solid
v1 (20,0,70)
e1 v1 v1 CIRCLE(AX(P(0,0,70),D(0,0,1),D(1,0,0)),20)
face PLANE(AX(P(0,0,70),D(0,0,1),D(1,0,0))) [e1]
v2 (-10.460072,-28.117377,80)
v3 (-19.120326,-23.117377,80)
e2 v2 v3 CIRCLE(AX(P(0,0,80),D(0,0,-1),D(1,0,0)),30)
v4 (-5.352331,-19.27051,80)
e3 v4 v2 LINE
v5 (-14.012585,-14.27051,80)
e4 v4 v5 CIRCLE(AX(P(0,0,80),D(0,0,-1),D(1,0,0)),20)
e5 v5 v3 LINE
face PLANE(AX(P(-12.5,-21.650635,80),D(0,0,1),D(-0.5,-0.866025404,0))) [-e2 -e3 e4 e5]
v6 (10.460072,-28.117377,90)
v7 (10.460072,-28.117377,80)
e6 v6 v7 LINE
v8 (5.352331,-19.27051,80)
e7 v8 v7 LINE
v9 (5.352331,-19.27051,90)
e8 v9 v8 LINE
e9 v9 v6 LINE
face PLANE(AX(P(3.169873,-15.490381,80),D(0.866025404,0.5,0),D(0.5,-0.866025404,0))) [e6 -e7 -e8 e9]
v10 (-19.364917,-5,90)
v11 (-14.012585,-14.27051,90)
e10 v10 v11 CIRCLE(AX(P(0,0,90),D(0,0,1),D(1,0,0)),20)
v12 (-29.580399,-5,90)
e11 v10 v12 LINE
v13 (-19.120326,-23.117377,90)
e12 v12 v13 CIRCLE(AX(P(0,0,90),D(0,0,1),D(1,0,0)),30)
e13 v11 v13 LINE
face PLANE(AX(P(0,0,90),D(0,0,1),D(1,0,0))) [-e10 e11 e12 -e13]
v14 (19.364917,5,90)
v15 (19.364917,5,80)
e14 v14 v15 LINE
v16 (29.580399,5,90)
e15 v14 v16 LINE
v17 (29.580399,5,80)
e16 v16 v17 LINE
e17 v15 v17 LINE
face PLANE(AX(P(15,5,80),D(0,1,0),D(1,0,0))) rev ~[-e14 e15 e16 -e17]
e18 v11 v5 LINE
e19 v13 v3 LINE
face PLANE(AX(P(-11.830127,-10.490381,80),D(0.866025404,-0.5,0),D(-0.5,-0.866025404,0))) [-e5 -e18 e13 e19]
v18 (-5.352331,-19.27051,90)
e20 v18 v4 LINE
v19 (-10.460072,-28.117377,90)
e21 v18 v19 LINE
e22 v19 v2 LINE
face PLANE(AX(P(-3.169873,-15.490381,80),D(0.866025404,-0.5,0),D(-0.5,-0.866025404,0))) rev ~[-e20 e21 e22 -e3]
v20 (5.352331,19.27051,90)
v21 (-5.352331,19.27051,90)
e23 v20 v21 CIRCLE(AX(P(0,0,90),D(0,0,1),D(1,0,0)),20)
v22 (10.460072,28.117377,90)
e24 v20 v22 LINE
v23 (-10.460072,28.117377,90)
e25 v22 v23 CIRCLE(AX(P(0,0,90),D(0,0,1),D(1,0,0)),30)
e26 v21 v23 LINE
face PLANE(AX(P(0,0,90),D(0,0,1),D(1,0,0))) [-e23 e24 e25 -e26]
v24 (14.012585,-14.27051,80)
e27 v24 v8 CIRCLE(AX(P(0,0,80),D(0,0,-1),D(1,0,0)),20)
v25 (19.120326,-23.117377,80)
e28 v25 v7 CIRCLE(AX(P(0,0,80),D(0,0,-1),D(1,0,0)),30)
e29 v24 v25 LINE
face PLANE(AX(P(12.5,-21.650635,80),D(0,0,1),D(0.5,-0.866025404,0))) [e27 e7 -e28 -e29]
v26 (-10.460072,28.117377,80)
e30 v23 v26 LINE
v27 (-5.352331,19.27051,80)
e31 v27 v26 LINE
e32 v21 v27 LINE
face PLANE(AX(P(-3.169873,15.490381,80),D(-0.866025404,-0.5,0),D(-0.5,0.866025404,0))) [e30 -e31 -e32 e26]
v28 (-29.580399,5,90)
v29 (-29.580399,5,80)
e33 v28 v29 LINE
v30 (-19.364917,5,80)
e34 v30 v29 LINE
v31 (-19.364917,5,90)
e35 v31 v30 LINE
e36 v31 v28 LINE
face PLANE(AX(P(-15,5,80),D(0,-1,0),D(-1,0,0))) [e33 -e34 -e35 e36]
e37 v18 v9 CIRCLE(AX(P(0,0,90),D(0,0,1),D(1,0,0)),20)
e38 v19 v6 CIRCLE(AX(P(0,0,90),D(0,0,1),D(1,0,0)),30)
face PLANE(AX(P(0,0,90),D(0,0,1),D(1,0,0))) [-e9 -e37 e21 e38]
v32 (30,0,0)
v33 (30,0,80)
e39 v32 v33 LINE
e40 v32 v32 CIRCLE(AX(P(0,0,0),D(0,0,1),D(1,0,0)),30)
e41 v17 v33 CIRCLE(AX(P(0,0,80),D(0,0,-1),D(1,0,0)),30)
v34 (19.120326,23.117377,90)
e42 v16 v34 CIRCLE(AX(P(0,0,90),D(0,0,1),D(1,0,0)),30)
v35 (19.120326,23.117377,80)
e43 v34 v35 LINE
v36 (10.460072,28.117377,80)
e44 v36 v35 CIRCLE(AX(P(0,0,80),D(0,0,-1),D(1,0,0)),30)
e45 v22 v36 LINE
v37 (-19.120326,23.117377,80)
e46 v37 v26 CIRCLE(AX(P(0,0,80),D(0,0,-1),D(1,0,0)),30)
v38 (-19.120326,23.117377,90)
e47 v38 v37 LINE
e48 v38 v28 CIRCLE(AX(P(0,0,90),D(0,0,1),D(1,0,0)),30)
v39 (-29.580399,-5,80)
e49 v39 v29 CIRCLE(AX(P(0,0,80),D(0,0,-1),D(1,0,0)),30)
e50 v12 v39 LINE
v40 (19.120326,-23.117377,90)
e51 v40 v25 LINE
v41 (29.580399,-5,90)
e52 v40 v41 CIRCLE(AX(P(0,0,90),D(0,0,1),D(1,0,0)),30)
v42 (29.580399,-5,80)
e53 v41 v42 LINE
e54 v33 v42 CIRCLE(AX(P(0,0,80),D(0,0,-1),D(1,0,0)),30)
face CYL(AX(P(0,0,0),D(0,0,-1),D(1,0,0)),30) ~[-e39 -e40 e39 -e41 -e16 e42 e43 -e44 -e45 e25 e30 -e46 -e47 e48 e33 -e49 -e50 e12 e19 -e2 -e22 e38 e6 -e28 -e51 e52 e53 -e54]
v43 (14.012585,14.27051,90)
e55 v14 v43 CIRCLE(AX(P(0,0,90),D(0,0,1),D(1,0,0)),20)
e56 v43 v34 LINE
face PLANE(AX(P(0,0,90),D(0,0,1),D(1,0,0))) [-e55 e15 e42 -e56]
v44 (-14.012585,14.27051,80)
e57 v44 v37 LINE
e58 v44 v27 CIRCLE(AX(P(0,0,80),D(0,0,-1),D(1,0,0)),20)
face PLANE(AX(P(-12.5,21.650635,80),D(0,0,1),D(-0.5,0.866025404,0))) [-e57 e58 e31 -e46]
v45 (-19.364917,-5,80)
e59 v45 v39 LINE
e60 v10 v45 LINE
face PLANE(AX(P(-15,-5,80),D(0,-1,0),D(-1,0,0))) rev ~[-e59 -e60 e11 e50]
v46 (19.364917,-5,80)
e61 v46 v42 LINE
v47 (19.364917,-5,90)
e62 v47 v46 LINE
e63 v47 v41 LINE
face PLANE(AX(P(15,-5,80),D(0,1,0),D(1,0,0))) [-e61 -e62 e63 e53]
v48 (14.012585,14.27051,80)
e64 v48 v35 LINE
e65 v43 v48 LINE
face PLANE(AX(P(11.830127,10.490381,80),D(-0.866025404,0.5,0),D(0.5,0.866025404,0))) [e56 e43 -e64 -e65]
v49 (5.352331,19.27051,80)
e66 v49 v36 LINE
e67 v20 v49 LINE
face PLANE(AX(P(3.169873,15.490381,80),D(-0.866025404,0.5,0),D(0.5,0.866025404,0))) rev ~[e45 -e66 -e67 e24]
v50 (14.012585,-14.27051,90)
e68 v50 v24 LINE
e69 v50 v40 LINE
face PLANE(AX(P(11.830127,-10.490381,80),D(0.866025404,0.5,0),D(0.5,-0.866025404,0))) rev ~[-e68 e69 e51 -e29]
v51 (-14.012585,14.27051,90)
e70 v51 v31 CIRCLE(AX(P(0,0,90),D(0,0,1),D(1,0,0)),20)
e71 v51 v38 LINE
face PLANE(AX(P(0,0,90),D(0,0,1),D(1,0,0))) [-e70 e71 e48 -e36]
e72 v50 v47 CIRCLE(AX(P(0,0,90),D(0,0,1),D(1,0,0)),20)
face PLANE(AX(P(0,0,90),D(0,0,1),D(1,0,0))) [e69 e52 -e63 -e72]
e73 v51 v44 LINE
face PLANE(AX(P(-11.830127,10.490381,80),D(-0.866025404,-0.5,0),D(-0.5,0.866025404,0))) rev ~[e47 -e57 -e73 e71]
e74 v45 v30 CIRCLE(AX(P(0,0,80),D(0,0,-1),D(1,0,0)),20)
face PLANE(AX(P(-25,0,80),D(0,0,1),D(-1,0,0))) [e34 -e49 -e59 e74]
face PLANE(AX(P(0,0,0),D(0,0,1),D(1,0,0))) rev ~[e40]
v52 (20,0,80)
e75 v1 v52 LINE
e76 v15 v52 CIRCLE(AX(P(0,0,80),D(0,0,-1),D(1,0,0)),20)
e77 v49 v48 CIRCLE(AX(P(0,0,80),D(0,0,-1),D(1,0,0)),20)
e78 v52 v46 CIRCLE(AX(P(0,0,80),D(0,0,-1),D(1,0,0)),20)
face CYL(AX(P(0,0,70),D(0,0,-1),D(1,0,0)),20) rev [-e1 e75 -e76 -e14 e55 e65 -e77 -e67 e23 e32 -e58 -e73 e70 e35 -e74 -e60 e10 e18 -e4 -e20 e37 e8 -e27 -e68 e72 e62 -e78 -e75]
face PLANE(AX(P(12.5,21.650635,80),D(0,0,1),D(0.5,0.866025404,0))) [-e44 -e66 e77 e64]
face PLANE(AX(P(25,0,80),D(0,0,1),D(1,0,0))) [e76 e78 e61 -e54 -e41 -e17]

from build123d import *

# Parameters (mm, degrees)
BOX_W             = 20
BOX_H             = 10
BOX_DEPTH         = 10
ARRAY_COUNT       = 6
CYLINDER001_R     = 20
CYLINDER001_DEPTH = 20
CYLINDER_R        = 30
CYLINDER_DEPTH    = 90


with BuildPart() as array_almenas:
    # Box → Box (new body)
    with BuildSketch(Plane(origin=(15, -5, 80), x_dir=(1, 0, 0), z_dir=(0, 0, 1))):
        with Locations((10, 5)):
            Rectangle(BOX_W, BOX_H)
    extrude(amount=BOX_DEPTH)

    # Array: Array_almenas ×6 about axis
    array_axis = Axis((0, 0, 0), (0, 0, 1))


with BuildPart() as array_almenas_1:
    add(array_almenas.part)
    for i in range(1, ARRAY_COUNT):
        add(array_almenas.part.rotate(array_axis, i * 360 / ARRAY_COUNT))


with BuildPart() as vaciadotorre:
    # Cylinder001 → Cylinder001 (new body)
    with BuildSketch(Plane.XY.offset(70)):
        Circle(CYLINDER001_R)
    extrude(amount=CYLINDER001_DEPTH)


with BuildPart() as torre_acabada:
    # Cylinder → Cylinder (new body)
    with BuildSketch(Plane.XY):
        Circle(CYLINDER_R)
    extrude(amount=CYLINDER_DEPTH)

    # Cut: cut VaciadoTorre
    add(vaciadotorre.part, mode=Mode.SUBTRACT)

    # Cut001: cut Array_almenas
    add(array_almenas_1.part, mode=Mode.SUBTRACT)


solid = torre_acabada.part
